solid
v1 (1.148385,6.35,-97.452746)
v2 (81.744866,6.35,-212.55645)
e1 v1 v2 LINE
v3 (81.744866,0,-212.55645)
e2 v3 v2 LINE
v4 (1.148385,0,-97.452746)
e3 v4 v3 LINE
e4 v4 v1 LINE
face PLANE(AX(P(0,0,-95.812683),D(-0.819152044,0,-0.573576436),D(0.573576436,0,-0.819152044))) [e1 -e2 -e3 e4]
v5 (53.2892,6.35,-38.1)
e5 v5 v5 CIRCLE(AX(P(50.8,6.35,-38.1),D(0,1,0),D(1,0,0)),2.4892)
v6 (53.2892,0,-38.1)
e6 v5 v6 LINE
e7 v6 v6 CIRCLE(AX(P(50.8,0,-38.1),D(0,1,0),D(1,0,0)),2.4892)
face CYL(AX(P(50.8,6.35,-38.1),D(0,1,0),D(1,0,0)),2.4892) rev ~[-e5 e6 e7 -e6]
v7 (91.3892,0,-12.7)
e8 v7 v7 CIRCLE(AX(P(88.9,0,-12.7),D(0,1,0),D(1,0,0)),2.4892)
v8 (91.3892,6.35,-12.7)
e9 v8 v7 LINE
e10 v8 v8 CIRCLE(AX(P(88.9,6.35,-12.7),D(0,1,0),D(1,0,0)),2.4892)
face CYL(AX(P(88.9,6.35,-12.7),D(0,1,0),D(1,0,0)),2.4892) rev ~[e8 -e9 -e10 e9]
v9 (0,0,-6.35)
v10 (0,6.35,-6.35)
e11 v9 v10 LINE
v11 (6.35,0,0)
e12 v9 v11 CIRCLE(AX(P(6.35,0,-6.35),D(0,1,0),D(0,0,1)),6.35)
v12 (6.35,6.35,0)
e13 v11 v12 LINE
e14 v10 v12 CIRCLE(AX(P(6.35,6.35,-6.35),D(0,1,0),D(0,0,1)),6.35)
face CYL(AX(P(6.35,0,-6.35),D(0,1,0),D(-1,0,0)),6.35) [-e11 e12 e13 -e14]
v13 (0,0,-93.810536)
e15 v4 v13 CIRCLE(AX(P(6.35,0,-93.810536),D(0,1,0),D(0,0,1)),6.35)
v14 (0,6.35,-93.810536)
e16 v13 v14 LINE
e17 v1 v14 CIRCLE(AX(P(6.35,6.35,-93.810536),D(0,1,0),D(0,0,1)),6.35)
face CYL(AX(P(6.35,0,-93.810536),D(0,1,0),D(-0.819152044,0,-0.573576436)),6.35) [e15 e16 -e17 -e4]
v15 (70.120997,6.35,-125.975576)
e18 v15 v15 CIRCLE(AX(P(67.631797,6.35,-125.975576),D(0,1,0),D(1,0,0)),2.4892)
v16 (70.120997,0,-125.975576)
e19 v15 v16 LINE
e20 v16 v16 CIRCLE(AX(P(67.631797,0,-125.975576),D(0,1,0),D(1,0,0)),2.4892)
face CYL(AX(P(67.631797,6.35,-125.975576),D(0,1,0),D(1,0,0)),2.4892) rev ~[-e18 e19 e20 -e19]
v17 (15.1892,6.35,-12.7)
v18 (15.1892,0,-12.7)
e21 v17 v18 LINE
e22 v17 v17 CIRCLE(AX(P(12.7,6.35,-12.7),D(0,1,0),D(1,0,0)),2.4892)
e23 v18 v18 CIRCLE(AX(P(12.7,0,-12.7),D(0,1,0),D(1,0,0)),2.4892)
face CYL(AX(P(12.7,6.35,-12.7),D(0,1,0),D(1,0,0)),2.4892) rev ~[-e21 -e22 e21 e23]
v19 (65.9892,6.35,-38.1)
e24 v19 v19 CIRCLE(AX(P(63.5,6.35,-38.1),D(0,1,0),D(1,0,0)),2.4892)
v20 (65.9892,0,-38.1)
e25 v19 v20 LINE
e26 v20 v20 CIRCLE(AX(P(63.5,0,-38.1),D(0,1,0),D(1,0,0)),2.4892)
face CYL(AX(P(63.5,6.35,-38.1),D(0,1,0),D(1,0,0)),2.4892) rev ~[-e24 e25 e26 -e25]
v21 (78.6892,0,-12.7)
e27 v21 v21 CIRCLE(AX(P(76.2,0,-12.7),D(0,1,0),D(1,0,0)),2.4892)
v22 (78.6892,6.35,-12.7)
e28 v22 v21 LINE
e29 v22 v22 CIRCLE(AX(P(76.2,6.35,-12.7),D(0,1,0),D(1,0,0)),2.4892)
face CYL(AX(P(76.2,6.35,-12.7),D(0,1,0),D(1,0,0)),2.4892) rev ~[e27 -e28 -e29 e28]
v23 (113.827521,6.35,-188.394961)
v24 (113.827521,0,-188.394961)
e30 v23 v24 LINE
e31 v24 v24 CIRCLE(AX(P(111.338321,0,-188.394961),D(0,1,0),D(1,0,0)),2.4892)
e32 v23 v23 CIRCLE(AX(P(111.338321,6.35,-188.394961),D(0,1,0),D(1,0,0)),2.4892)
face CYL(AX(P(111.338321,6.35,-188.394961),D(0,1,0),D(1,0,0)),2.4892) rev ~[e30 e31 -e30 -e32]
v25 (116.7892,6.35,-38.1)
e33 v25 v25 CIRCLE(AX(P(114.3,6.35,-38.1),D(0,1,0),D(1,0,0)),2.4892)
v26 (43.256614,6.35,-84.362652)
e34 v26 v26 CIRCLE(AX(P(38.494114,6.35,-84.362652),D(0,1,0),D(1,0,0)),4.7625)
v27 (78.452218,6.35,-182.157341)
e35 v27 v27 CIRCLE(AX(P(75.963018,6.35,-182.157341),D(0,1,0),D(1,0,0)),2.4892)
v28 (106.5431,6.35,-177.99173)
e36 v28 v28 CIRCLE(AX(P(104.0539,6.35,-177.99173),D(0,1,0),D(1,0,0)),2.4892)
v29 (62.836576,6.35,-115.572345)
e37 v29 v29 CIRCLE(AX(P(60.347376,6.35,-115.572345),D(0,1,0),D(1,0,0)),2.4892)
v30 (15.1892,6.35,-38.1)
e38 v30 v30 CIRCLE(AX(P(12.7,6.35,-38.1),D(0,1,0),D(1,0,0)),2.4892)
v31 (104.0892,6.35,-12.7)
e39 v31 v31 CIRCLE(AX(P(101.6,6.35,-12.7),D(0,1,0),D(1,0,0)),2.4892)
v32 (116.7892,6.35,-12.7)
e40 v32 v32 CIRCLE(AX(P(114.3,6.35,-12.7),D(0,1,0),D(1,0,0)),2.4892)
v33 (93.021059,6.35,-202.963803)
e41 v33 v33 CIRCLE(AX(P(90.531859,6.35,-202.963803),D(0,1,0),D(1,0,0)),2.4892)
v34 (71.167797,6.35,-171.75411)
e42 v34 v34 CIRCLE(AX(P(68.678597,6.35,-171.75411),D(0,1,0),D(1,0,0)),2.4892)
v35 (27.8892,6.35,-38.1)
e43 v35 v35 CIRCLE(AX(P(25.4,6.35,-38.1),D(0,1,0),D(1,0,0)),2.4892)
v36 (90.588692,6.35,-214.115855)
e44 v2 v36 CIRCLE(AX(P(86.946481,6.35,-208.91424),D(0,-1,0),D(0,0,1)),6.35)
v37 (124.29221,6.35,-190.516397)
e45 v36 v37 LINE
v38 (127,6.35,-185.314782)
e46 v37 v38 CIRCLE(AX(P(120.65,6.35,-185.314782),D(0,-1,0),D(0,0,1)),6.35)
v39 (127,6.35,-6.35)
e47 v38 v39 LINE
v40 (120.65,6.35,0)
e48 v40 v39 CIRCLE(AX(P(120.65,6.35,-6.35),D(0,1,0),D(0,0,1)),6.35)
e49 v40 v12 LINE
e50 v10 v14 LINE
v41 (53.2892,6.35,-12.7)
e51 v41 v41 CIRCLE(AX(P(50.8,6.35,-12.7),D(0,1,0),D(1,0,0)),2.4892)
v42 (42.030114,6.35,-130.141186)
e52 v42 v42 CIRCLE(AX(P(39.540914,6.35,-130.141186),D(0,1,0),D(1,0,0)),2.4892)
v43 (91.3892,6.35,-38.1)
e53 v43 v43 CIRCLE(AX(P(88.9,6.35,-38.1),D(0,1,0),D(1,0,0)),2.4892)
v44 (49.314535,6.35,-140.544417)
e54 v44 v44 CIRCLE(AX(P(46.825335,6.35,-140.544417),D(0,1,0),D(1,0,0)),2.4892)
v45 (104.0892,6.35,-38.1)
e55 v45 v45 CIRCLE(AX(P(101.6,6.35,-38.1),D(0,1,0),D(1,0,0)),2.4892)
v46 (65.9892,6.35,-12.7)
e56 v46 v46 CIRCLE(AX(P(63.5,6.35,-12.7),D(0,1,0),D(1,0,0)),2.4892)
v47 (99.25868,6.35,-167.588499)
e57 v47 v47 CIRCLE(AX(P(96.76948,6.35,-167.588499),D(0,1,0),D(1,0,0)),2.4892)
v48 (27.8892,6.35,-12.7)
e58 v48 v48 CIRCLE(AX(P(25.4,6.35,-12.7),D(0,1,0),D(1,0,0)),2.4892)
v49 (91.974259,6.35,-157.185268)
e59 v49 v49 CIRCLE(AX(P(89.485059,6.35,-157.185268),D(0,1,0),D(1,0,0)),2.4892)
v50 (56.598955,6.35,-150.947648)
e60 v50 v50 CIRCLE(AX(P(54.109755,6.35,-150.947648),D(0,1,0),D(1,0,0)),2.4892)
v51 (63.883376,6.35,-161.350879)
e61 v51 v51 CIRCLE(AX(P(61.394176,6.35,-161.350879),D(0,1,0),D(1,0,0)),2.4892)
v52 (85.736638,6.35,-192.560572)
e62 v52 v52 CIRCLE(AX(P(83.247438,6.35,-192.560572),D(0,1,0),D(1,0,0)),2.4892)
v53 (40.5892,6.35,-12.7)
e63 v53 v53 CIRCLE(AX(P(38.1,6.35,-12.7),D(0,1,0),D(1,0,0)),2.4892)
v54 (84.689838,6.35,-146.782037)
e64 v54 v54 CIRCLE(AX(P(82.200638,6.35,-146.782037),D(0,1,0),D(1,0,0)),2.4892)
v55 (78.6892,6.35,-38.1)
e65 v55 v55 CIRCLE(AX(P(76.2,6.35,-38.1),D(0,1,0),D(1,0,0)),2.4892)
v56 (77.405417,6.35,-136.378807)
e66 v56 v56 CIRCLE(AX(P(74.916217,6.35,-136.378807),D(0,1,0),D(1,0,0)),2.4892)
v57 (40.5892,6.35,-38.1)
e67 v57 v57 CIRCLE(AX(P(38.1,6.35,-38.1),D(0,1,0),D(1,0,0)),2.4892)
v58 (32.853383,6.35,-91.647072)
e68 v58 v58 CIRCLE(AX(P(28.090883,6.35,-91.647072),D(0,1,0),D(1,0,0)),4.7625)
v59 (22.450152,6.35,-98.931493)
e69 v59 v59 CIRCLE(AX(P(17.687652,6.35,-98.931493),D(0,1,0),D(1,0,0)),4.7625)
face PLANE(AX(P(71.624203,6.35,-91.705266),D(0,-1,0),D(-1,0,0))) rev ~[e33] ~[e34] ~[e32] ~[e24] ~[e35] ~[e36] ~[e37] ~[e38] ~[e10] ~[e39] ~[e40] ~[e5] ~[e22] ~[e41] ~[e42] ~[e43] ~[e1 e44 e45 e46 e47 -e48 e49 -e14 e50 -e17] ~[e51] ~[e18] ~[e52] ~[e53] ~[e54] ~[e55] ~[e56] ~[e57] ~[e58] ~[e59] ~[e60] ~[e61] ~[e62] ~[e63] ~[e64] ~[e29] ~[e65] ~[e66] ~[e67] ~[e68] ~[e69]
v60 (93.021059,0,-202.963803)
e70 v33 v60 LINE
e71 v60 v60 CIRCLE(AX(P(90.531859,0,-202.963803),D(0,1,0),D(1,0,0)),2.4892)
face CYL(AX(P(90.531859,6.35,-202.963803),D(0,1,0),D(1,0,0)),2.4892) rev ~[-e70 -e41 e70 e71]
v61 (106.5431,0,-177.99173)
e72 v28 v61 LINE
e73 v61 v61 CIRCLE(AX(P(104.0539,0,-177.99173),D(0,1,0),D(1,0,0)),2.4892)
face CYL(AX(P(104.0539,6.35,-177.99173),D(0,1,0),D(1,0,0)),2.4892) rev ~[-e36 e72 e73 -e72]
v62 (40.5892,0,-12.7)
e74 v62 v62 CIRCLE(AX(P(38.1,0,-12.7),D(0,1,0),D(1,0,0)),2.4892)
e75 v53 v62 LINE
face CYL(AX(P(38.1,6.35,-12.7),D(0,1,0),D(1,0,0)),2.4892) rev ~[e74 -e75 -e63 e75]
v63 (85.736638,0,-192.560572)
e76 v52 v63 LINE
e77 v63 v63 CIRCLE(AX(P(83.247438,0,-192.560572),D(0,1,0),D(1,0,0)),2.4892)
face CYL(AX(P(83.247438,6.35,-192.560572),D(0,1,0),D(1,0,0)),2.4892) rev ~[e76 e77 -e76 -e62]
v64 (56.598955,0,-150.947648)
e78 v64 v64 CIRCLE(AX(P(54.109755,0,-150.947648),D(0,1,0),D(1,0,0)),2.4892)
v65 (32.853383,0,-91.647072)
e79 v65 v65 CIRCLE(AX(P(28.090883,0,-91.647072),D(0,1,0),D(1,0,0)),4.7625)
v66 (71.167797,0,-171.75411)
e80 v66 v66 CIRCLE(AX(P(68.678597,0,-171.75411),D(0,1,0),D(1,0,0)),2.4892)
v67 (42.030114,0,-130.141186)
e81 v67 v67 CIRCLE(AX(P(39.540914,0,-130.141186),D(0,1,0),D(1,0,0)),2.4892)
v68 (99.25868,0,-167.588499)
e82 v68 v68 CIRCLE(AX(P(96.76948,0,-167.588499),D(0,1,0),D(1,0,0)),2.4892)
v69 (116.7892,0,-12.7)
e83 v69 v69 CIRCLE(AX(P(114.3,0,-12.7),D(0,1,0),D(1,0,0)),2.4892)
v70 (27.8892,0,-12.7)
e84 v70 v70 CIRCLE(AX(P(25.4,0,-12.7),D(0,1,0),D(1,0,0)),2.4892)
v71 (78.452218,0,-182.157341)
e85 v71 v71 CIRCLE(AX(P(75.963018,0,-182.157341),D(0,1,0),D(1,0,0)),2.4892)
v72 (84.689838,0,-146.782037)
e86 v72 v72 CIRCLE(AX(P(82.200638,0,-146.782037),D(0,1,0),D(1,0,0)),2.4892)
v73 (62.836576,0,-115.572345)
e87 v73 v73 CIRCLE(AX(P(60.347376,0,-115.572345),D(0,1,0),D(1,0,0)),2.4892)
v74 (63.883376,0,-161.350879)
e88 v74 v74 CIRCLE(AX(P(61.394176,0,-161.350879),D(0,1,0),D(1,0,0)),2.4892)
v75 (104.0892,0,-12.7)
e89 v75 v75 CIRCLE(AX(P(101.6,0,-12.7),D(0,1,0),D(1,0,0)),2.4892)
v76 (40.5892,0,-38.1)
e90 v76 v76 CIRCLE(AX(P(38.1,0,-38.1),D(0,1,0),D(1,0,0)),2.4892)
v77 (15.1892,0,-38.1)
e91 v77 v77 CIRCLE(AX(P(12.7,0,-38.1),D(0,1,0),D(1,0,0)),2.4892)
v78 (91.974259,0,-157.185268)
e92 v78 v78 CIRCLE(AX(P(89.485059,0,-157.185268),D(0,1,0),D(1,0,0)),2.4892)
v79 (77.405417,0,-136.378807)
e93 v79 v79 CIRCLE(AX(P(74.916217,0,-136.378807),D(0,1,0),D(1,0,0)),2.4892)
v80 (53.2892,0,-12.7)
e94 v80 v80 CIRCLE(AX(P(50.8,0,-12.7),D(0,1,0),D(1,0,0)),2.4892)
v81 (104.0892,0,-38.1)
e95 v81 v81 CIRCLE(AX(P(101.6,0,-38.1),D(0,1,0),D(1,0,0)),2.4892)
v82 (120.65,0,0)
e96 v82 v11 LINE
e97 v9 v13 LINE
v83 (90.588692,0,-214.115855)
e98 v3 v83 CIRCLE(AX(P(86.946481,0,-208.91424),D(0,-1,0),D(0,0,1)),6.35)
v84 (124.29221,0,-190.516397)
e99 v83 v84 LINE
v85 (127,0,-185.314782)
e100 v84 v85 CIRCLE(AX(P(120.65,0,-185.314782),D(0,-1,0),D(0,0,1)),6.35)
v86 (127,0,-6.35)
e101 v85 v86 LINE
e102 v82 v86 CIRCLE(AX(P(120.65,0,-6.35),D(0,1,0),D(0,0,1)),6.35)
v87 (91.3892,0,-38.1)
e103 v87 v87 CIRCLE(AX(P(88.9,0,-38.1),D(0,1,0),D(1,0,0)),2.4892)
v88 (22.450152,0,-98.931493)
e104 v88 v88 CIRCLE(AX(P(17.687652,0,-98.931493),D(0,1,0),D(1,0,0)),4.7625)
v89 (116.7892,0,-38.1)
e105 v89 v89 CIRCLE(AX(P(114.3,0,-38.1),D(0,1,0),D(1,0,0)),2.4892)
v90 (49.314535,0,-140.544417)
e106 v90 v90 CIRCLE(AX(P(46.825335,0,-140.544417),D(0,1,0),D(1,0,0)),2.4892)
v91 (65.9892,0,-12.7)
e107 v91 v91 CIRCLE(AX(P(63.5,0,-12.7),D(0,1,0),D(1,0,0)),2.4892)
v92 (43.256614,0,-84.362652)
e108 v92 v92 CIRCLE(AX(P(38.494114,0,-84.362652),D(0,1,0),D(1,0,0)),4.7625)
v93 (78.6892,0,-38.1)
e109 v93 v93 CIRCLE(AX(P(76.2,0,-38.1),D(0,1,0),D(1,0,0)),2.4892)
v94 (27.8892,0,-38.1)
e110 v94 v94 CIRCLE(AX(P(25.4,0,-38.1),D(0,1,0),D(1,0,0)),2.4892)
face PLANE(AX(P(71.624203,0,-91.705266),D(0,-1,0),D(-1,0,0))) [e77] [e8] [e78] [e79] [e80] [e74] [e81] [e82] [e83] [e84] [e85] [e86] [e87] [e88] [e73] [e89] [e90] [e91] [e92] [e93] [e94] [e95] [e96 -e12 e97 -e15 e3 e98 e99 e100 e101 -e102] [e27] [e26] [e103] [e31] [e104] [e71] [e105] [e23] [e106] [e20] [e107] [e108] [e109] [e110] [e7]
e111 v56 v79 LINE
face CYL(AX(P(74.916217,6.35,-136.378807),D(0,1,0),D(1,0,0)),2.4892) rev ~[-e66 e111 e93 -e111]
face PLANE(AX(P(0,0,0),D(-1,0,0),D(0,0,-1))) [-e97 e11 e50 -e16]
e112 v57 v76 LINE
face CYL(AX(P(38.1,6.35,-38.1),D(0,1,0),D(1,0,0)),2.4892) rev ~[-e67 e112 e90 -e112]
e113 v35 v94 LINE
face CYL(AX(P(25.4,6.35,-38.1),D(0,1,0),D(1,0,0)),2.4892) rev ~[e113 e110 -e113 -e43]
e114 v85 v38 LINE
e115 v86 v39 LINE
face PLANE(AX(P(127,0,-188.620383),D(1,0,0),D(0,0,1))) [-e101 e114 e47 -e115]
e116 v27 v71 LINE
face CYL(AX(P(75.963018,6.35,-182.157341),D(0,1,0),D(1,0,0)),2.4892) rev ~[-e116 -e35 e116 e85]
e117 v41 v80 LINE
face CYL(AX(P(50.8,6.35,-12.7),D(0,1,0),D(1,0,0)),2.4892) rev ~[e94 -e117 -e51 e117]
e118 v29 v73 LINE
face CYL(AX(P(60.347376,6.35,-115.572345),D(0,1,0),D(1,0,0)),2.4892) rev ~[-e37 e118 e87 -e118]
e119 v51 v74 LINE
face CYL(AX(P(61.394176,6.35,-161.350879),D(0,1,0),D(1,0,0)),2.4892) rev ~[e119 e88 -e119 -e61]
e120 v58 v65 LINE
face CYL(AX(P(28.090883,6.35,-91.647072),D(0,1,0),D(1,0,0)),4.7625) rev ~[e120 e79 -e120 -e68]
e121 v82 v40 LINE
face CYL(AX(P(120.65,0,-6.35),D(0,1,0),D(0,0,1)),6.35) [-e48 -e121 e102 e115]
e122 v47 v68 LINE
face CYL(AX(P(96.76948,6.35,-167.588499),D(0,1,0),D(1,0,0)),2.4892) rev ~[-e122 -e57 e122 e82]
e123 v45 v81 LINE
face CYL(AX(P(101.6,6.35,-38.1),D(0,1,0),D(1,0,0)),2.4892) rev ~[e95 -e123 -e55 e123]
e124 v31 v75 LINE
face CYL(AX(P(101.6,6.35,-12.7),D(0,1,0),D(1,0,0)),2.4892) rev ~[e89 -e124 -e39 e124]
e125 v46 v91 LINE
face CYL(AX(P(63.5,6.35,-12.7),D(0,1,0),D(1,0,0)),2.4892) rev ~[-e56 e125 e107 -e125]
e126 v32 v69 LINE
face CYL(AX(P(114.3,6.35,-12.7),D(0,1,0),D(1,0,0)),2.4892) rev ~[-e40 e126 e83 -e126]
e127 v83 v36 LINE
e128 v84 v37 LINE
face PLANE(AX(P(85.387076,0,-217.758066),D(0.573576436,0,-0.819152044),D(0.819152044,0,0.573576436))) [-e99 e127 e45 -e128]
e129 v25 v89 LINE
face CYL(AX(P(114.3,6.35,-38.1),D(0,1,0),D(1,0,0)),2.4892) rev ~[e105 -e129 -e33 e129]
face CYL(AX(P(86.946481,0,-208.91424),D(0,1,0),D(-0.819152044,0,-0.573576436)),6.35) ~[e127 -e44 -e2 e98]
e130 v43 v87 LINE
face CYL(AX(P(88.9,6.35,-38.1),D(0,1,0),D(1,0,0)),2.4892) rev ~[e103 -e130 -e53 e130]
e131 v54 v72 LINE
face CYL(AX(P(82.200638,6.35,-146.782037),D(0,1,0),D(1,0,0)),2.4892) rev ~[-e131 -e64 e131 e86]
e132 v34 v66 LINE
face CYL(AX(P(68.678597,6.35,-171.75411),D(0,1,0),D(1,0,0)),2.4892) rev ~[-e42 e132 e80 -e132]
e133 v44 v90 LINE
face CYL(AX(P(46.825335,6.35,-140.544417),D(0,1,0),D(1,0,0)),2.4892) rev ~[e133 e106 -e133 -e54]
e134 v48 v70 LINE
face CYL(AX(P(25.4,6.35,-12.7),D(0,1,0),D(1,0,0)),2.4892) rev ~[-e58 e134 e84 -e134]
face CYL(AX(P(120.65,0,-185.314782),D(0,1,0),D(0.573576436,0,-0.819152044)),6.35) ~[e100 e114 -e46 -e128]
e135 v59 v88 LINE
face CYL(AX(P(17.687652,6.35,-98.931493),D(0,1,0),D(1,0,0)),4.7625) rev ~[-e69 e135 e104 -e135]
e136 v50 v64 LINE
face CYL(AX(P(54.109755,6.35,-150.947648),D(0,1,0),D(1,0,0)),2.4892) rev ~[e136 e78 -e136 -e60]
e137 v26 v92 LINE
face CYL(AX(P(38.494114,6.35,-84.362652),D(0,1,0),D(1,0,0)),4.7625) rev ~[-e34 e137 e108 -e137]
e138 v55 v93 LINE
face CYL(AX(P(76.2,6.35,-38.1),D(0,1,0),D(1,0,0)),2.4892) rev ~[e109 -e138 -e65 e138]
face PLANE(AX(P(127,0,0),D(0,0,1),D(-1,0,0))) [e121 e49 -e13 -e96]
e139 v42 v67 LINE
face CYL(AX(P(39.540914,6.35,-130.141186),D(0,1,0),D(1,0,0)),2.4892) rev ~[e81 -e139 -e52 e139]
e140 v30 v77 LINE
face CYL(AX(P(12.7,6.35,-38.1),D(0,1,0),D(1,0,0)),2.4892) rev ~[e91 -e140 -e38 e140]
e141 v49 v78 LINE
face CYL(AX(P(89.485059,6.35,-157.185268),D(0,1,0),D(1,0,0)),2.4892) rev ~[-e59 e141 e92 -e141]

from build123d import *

# Parameters (mm, degrees)
BOSS_EXTRUDE1_DEPTH = 6.35
SKETCH2_R           = 2.4892
SKETCH2_R_2         = 4.7625
CUT_EXTRUDE1_DEPTH  = 7.35
FILLET1_R           = 6.35


with BuildPart() as part:
    # Sketch1 → Boss-Extrude1 (new body)
    with BuildSketch(Plane(origin=(0, 0, 0), x_dir=(1, 0, 0), z_dir=(0, 1, 0))):
        Polygon((0, 95.812682967), (85.38707615, 217.758065572), (127, 188.620382605), (127, 0), (0, 0), align=None)
    extrude(amount=BOSS_EXTRUDE1_DEPTH)

    # Sketch2 → Cut-Extrude1 (cut, through all)
    with BuildSketch(Plane(origin=(0, 6.35, 0), x_dir=(1, 0, 0), z_dir=(0, 1, 0))):
        with Locations((12.7, 12.7)):
            Circle(SKETCH2_R)
        with Locations((12.7, 38.1)):
            Circle(SKETCH2_R)
        with Locations((25.4, 38.1)):
            Circle(SKETCH2_R)
        with Locations((38.1, 38.1)):
            Circle(SKETCH2_R)
        with Locations((50.8, 38.1)):
            Circle(SKETCH2_R)
        with Locations((63.5, 38.1)):
            Circle(SKETCH2_R)
        with Locations((25.4, 12.7)):
            Circle(SKETCH2_R)
        with Locations((38.1, 12.7)):
            Circle(SKETCH2_R)
        with Locations((50.8, 12.7)):
            Circle(SKETCH2_R)
        with Locations((63.5, 12.7)):
            Circle(SKETCH2_R)
        with Locations((76.2, 12.7)):
            Circle(SKETCH2_R)
        with Locations((76.2, 38.1)):
            Circle(SKETCH2_R)
        with Locations((88.9, 12.7)):
            Circle(SKETCH2_R)
        with Locations((88.9, 38.1)):
            Circle(SKETCH2_R)
        with Locations((101.6, 12.7)):
            Circle(SKETCH2_R)
        with Locations((101.6, 38.1)):
            Circle(SKETCH2_R)
        with Locations((90.531859121, 202.963802812)):
            Circle(SKETCH2_R)
        with Locations((111.338321046, 188.394961329)):
            Circle(SKETCH2_R)
        with Locations((83.247438379, 192.56057185)):
            Circle(SKETCH2_R)
        with Locations((104.053900304, 177.991730366)):
            Circle(SKETCH2_R)
        with Locations((75.963017637, 182.157340887)):
            Circle(SKETCH2_R)
        with Locations((96.769479562, 167.588499404)):
            Circle(SKETCH2_R)
        with Locations((68.678596896, 171.754109925)):
            Circle(SKETCH2_R)
        with Locations((89.485058821, 157.185268441)):
            Circle(SKETCH2_R)
        with Locations((61.394176154, 161.350878962)):
            Circle(SKETCH2_R)
        with Locations((82.200638079, 146.782037479)):
            Circle(SKETCH2_R)
        with Locations((54.109755412, 150.947648)):
            Circle(SKETCH2_R)
        with Locations((74.916217337, 136.378806516)):
            Circle(SKETCH2_R)
        with Locations((46.825334671, 140.544417037)):
            Circle(SKETCH2_R)
        with Locations((67.631796596, 125.975575554)):
            Circle(SKETCH2_R)
        with Locations((39.540913929, 130.141186075)):
            Circle(SKETCH2_R)
        with Locations((60.347375854, 115.572344592)):
            Circle(SKETCH2_R)
        with Locations((17.687651704, 98.931493187)):
            Circle(SKETCH2_R_2)
        with Locations((28.090882667, 91.647072446)):
            Circle(SKETCH2_R_2)
        with Locations((38.494113629, 84.362651704)):
            Circle(SKETCH2_R_2)
        with Locations((114.3, 12.7)):
            Circle(SKETCH2_R)
        with Locations((114.3, 38.1)):
            Circle(SKETCH2_R)
    extrude(amount=-CUT_EXTRUDE1_DEPTH, mode=Mode.SUBTRACT)

    # Fillet1
    fillet1_edges = [part.edges().sort_by_distance(p)[0] for p in [
        (0, 3.175, -95.812682967),
        (85.38707615, 3.175, -217.758065572),
        (127, 3.175, -188.620382605),
        (127, 3.175, 0),
        (0, 3.175, 0),
    ]]
    fillet(fillet1_edges, radius=FILLET1_R)


solid = part.part
